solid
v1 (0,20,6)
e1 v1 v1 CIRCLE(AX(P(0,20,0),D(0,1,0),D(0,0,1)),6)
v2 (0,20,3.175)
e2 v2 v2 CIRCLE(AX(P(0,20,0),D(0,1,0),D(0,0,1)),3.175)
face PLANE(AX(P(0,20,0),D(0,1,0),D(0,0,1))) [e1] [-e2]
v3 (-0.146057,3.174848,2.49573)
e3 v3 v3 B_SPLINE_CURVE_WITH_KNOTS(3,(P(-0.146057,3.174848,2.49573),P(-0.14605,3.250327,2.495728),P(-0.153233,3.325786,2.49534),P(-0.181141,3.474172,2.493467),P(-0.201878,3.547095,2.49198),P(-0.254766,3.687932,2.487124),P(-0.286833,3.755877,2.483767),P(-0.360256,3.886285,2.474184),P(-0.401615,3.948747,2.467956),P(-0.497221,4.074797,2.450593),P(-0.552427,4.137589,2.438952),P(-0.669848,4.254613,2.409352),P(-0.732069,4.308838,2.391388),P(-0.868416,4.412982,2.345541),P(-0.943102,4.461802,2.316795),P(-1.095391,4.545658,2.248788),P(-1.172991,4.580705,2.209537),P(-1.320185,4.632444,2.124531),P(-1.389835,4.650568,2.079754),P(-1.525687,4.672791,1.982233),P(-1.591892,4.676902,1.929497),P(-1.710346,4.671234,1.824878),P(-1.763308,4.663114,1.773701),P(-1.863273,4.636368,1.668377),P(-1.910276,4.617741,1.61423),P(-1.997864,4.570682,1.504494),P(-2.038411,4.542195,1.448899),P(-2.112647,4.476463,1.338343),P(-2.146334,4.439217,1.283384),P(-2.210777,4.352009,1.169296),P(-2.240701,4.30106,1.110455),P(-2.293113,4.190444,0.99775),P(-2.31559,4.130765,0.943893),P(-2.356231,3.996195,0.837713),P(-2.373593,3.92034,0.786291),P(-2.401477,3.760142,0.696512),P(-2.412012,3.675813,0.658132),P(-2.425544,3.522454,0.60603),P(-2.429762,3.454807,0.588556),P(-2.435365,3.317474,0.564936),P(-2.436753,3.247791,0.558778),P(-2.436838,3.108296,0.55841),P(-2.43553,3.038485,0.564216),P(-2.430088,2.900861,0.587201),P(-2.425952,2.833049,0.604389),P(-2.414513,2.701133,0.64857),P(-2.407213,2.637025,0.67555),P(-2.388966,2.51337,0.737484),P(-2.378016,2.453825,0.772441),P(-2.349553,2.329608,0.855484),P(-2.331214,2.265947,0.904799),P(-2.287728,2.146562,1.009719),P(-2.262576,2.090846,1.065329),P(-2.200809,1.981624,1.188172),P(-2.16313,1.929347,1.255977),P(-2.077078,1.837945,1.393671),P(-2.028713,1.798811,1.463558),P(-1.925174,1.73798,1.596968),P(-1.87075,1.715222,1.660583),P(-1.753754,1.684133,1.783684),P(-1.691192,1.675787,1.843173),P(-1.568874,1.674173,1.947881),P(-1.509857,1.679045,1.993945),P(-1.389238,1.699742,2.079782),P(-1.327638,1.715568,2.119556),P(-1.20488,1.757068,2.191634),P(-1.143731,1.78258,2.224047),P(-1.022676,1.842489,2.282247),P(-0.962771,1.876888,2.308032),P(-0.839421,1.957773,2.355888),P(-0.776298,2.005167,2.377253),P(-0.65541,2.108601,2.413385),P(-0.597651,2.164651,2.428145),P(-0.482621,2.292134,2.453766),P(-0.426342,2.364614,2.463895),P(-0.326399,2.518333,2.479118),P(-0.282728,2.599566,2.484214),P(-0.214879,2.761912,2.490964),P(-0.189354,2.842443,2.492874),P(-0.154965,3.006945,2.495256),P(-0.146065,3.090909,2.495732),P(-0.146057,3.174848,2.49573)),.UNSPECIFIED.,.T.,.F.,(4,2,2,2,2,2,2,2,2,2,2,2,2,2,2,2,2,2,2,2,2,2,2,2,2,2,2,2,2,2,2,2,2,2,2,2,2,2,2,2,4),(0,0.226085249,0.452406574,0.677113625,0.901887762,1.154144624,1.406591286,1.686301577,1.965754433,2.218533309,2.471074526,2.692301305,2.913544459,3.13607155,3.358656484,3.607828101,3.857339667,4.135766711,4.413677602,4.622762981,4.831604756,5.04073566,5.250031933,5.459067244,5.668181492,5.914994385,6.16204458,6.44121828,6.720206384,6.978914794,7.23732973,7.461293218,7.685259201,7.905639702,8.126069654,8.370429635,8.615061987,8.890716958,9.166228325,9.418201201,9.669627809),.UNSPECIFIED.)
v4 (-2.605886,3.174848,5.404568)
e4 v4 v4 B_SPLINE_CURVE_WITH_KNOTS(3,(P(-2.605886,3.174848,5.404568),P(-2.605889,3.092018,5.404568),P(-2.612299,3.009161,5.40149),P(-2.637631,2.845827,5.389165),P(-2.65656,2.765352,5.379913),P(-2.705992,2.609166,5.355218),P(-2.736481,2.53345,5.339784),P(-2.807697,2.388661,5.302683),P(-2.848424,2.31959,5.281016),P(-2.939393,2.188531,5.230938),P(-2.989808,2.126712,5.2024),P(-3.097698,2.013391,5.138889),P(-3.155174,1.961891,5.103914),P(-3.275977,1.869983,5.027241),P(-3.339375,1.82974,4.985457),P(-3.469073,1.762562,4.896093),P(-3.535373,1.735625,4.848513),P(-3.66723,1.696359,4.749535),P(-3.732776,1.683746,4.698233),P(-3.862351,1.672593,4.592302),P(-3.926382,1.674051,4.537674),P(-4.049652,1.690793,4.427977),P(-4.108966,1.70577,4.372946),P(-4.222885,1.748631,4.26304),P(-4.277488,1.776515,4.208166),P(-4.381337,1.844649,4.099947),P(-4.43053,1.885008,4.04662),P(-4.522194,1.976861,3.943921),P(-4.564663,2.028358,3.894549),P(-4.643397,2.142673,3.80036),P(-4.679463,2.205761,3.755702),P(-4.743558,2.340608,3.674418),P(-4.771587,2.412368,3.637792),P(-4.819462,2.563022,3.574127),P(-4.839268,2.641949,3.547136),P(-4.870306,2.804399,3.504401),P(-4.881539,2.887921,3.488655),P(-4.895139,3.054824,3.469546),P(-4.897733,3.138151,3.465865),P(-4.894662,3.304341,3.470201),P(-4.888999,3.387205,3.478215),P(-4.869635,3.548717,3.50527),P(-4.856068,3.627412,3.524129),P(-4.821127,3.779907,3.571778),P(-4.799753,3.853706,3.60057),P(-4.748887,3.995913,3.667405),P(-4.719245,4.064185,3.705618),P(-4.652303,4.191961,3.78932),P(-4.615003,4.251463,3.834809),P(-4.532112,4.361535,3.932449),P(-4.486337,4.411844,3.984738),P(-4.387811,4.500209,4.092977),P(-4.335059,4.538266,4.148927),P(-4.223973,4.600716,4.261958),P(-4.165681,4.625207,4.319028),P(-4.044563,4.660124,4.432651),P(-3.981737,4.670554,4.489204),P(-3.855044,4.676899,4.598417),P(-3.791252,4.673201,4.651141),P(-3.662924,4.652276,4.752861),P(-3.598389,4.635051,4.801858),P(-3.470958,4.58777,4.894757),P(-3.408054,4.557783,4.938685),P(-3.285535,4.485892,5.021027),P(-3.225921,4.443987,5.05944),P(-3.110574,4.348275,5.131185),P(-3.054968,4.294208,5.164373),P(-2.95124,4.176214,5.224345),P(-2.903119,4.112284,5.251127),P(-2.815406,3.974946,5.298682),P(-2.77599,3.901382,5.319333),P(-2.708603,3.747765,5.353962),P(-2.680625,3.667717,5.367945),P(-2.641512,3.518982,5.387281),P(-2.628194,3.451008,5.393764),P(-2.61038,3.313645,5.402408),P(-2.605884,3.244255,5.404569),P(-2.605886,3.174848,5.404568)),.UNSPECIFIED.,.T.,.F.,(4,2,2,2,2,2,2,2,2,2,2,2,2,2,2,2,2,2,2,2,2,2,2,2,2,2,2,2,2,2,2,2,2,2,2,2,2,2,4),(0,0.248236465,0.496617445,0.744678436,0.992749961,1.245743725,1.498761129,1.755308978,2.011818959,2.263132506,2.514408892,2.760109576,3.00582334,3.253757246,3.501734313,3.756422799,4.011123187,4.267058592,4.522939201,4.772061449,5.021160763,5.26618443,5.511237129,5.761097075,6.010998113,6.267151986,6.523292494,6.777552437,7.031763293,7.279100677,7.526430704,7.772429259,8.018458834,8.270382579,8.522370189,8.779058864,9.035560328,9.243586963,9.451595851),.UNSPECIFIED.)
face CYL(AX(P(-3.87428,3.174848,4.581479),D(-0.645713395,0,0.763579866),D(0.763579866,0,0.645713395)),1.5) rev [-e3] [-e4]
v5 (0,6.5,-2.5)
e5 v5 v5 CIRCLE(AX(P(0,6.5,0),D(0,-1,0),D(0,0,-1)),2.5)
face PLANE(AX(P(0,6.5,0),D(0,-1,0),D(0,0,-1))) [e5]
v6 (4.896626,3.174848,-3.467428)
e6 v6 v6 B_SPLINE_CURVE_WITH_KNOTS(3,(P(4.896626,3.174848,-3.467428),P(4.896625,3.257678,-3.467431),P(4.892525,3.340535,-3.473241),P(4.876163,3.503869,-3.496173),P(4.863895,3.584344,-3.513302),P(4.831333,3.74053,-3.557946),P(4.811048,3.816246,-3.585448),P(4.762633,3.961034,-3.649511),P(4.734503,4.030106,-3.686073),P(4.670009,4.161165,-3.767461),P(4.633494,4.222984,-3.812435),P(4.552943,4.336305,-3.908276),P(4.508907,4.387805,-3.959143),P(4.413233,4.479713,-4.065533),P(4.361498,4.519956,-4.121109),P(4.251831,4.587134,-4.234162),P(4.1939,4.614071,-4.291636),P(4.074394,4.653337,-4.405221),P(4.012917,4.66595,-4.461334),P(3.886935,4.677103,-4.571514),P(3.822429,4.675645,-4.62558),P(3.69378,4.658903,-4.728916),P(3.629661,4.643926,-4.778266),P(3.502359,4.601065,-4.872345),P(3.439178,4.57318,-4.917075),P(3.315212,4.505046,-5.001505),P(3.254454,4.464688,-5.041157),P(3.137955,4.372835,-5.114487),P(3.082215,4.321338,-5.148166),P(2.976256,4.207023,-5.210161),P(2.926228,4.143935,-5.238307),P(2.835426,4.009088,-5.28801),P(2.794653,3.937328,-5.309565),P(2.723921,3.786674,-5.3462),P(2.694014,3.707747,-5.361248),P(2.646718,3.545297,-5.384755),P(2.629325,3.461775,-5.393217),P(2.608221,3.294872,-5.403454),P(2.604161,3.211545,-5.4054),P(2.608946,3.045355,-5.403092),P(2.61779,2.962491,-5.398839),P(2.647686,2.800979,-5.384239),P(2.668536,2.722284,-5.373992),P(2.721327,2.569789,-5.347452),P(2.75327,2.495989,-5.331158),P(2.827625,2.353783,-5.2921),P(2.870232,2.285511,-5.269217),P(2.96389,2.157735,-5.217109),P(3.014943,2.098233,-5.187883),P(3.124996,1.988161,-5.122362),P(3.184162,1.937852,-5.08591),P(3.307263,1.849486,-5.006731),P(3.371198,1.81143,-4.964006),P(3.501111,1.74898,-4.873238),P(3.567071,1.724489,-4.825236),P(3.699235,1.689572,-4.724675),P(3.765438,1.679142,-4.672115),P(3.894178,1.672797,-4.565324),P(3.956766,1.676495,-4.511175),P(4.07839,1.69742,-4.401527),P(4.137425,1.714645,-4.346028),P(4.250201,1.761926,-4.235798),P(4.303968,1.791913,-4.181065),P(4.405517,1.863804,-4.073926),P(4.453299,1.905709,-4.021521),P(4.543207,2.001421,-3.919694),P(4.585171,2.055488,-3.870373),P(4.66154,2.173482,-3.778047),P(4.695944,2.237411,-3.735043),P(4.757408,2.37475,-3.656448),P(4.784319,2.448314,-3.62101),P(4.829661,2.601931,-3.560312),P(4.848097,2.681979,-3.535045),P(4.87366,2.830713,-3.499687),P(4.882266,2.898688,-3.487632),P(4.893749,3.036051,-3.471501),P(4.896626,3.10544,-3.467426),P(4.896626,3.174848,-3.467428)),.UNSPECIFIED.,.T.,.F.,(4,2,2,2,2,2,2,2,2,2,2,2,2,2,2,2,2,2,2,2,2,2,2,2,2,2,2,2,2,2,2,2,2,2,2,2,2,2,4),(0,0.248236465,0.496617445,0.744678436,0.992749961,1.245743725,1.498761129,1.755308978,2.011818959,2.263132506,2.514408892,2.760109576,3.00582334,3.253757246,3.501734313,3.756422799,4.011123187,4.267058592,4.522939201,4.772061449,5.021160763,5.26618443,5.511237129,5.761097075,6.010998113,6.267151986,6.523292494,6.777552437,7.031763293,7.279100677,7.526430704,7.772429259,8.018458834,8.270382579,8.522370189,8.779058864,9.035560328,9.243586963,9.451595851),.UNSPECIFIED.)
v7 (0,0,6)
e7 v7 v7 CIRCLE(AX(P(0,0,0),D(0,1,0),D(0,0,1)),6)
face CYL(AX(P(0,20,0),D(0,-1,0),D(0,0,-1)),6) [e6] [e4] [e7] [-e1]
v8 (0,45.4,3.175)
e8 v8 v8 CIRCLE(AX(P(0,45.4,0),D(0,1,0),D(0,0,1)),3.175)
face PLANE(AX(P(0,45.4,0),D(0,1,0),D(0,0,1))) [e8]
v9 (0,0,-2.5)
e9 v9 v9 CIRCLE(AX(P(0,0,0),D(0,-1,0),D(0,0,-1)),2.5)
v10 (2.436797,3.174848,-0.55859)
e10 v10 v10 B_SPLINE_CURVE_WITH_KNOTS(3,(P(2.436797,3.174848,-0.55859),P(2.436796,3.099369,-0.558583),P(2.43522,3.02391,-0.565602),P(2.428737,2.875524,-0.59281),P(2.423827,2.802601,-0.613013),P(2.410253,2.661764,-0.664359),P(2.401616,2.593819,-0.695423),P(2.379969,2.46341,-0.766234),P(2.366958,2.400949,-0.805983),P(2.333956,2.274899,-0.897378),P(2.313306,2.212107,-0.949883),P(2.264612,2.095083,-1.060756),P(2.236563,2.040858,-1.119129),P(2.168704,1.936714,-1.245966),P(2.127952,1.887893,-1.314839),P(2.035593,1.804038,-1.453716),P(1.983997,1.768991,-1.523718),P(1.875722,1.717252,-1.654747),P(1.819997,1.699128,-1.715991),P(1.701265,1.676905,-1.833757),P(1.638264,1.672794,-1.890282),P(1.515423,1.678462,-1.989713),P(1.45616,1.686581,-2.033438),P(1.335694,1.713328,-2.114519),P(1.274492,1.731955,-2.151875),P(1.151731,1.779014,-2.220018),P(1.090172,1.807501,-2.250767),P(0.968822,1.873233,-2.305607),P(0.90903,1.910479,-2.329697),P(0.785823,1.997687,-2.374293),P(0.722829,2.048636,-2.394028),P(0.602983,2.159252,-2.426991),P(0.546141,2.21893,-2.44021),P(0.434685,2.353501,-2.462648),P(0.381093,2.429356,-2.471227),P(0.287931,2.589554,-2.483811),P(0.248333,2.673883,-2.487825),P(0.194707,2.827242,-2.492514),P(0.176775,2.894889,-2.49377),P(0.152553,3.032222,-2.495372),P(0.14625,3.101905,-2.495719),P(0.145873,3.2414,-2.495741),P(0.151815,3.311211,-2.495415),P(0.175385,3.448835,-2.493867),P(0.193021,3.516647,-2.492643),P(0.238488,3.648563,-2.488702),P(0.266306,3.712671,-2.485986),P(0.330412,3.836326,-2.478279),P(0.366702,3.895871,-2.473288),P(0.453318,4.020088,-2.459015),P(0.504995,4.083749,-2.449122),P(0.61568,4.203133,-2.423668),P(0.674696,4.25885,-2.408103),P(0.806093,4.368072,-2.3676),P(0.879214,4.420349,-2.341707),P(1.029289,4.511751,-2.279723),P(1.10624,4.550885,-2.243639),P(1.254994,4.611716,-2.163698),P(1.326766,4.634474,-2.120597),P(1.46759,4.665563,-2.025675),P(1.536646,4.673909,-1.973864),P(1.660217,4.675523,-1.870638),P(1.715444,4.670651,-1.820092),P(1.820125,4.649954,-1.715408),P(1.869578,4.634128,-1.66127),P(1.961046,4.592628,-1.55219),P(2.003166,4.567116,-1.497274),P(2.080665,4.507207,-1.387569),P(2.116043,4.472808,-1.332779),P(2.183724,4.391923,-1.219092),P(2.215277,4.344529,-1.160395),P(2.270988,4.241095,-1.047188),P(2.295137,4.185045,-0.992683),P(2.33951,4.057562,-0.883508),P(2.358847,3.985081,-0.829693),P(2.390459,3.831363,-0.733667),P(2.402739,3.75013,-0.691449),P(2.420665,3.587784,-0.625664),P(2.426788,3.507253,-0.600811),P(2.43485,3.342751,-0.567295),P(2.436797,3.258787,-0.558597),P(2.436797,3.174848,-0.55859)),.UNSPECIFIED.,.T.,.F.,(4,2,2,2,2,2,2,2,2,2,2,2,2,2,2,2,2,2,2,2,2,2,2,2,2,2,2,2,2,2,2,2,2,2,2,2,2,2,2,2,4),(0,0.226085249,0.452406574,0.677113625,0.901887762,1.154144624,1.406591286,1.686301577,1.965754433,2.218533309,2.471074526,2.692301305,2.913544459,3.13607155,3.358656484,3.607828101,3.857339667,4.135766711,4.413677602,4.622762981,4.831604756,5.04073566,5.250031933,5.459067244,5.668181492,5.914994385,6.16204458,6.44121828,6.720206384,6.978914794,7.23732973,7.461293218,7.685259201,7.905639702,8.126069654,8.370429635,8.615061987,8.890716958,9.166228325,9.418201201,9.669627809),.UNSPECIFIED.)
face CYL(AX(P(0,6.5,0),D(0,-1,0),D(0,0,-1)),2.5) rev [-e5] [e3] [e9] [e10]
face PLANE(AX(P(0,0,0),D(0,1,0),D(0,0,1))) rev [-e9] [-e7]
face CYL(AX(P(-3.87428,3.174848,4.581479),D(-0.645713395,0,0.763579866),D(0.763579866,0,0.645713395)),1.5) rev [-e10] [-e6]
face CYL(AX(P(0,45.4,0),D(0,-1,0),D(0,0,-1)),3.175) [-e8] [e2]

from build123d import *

# Parameters (mm, degrees)
SKETCH1_R             = 6
BOSS_EXTRUDE1_DEPTH   = 20
SKETCH2_R             = 3.175
BOSS_EXTRUDE2_DEPTH   = 25.4
SKETCH4_R             = 2.5
CUT_EXTRUDE1_DEPTH    = 6.5
F_3_0MM_DOWEL_HOLE1_D = 3


with BuildPart() as part:
    # Sketch1 → Boss-Extrude1 (new body)
    with BuildSketch(Plane(origin=(0, 0, 0), x_dir=(1, 0, 0), z_dir=(0, 1, 0))):
        with Locations(Location((0, 0, 0), (0, 0, 270))):
            Circle(SKETCH1_R)
    extrude(amount=BOSS_EXTRUDE1_DEPTH)

    # Sketch2 → Boss-Extrude2 (add)
    with BuildSketch(Plane(origin=(0, 20, 0), x_dir=(1, 0, 0), z_dir=(0, 1, 0))):
        with Locations(Location((0, 0, 0), (0, 0, 270))):
            Circle(SKETCH2_R)
    extrude(amount=BOSS_EXTRUDE2_DEPTH)

    # Sketch4 → Cut-Extrude1 (cut)
    with BuildSketch(Plane(origin=(0, 0, 0), x_dir=(-1, 0, 0), z_dir=(0, -1, 0))):
        with Locations(Location((0, 0, 0), (0, 0, 90))):
            Circle(SKETCH4_R)
    extrude(amount=-CUT_EXTRUDE1_DEPTH, mode=Mode.SUBTRACT)

    # Ø3.0mm Dowel Hole1 (through all)
    with Locations(Plane(origin=(-3.874280367, 3.174847953, 4.581479197), x_dir=(0.763579866236, 0, 0.645713394533), z_dir=(-0.645713394533, 0, 0.763579866236))):
        with Locations((0, 0)):
            Hole(F_3_0MM_DOWEL_HOLE1_D / 2)


solid = part.part
